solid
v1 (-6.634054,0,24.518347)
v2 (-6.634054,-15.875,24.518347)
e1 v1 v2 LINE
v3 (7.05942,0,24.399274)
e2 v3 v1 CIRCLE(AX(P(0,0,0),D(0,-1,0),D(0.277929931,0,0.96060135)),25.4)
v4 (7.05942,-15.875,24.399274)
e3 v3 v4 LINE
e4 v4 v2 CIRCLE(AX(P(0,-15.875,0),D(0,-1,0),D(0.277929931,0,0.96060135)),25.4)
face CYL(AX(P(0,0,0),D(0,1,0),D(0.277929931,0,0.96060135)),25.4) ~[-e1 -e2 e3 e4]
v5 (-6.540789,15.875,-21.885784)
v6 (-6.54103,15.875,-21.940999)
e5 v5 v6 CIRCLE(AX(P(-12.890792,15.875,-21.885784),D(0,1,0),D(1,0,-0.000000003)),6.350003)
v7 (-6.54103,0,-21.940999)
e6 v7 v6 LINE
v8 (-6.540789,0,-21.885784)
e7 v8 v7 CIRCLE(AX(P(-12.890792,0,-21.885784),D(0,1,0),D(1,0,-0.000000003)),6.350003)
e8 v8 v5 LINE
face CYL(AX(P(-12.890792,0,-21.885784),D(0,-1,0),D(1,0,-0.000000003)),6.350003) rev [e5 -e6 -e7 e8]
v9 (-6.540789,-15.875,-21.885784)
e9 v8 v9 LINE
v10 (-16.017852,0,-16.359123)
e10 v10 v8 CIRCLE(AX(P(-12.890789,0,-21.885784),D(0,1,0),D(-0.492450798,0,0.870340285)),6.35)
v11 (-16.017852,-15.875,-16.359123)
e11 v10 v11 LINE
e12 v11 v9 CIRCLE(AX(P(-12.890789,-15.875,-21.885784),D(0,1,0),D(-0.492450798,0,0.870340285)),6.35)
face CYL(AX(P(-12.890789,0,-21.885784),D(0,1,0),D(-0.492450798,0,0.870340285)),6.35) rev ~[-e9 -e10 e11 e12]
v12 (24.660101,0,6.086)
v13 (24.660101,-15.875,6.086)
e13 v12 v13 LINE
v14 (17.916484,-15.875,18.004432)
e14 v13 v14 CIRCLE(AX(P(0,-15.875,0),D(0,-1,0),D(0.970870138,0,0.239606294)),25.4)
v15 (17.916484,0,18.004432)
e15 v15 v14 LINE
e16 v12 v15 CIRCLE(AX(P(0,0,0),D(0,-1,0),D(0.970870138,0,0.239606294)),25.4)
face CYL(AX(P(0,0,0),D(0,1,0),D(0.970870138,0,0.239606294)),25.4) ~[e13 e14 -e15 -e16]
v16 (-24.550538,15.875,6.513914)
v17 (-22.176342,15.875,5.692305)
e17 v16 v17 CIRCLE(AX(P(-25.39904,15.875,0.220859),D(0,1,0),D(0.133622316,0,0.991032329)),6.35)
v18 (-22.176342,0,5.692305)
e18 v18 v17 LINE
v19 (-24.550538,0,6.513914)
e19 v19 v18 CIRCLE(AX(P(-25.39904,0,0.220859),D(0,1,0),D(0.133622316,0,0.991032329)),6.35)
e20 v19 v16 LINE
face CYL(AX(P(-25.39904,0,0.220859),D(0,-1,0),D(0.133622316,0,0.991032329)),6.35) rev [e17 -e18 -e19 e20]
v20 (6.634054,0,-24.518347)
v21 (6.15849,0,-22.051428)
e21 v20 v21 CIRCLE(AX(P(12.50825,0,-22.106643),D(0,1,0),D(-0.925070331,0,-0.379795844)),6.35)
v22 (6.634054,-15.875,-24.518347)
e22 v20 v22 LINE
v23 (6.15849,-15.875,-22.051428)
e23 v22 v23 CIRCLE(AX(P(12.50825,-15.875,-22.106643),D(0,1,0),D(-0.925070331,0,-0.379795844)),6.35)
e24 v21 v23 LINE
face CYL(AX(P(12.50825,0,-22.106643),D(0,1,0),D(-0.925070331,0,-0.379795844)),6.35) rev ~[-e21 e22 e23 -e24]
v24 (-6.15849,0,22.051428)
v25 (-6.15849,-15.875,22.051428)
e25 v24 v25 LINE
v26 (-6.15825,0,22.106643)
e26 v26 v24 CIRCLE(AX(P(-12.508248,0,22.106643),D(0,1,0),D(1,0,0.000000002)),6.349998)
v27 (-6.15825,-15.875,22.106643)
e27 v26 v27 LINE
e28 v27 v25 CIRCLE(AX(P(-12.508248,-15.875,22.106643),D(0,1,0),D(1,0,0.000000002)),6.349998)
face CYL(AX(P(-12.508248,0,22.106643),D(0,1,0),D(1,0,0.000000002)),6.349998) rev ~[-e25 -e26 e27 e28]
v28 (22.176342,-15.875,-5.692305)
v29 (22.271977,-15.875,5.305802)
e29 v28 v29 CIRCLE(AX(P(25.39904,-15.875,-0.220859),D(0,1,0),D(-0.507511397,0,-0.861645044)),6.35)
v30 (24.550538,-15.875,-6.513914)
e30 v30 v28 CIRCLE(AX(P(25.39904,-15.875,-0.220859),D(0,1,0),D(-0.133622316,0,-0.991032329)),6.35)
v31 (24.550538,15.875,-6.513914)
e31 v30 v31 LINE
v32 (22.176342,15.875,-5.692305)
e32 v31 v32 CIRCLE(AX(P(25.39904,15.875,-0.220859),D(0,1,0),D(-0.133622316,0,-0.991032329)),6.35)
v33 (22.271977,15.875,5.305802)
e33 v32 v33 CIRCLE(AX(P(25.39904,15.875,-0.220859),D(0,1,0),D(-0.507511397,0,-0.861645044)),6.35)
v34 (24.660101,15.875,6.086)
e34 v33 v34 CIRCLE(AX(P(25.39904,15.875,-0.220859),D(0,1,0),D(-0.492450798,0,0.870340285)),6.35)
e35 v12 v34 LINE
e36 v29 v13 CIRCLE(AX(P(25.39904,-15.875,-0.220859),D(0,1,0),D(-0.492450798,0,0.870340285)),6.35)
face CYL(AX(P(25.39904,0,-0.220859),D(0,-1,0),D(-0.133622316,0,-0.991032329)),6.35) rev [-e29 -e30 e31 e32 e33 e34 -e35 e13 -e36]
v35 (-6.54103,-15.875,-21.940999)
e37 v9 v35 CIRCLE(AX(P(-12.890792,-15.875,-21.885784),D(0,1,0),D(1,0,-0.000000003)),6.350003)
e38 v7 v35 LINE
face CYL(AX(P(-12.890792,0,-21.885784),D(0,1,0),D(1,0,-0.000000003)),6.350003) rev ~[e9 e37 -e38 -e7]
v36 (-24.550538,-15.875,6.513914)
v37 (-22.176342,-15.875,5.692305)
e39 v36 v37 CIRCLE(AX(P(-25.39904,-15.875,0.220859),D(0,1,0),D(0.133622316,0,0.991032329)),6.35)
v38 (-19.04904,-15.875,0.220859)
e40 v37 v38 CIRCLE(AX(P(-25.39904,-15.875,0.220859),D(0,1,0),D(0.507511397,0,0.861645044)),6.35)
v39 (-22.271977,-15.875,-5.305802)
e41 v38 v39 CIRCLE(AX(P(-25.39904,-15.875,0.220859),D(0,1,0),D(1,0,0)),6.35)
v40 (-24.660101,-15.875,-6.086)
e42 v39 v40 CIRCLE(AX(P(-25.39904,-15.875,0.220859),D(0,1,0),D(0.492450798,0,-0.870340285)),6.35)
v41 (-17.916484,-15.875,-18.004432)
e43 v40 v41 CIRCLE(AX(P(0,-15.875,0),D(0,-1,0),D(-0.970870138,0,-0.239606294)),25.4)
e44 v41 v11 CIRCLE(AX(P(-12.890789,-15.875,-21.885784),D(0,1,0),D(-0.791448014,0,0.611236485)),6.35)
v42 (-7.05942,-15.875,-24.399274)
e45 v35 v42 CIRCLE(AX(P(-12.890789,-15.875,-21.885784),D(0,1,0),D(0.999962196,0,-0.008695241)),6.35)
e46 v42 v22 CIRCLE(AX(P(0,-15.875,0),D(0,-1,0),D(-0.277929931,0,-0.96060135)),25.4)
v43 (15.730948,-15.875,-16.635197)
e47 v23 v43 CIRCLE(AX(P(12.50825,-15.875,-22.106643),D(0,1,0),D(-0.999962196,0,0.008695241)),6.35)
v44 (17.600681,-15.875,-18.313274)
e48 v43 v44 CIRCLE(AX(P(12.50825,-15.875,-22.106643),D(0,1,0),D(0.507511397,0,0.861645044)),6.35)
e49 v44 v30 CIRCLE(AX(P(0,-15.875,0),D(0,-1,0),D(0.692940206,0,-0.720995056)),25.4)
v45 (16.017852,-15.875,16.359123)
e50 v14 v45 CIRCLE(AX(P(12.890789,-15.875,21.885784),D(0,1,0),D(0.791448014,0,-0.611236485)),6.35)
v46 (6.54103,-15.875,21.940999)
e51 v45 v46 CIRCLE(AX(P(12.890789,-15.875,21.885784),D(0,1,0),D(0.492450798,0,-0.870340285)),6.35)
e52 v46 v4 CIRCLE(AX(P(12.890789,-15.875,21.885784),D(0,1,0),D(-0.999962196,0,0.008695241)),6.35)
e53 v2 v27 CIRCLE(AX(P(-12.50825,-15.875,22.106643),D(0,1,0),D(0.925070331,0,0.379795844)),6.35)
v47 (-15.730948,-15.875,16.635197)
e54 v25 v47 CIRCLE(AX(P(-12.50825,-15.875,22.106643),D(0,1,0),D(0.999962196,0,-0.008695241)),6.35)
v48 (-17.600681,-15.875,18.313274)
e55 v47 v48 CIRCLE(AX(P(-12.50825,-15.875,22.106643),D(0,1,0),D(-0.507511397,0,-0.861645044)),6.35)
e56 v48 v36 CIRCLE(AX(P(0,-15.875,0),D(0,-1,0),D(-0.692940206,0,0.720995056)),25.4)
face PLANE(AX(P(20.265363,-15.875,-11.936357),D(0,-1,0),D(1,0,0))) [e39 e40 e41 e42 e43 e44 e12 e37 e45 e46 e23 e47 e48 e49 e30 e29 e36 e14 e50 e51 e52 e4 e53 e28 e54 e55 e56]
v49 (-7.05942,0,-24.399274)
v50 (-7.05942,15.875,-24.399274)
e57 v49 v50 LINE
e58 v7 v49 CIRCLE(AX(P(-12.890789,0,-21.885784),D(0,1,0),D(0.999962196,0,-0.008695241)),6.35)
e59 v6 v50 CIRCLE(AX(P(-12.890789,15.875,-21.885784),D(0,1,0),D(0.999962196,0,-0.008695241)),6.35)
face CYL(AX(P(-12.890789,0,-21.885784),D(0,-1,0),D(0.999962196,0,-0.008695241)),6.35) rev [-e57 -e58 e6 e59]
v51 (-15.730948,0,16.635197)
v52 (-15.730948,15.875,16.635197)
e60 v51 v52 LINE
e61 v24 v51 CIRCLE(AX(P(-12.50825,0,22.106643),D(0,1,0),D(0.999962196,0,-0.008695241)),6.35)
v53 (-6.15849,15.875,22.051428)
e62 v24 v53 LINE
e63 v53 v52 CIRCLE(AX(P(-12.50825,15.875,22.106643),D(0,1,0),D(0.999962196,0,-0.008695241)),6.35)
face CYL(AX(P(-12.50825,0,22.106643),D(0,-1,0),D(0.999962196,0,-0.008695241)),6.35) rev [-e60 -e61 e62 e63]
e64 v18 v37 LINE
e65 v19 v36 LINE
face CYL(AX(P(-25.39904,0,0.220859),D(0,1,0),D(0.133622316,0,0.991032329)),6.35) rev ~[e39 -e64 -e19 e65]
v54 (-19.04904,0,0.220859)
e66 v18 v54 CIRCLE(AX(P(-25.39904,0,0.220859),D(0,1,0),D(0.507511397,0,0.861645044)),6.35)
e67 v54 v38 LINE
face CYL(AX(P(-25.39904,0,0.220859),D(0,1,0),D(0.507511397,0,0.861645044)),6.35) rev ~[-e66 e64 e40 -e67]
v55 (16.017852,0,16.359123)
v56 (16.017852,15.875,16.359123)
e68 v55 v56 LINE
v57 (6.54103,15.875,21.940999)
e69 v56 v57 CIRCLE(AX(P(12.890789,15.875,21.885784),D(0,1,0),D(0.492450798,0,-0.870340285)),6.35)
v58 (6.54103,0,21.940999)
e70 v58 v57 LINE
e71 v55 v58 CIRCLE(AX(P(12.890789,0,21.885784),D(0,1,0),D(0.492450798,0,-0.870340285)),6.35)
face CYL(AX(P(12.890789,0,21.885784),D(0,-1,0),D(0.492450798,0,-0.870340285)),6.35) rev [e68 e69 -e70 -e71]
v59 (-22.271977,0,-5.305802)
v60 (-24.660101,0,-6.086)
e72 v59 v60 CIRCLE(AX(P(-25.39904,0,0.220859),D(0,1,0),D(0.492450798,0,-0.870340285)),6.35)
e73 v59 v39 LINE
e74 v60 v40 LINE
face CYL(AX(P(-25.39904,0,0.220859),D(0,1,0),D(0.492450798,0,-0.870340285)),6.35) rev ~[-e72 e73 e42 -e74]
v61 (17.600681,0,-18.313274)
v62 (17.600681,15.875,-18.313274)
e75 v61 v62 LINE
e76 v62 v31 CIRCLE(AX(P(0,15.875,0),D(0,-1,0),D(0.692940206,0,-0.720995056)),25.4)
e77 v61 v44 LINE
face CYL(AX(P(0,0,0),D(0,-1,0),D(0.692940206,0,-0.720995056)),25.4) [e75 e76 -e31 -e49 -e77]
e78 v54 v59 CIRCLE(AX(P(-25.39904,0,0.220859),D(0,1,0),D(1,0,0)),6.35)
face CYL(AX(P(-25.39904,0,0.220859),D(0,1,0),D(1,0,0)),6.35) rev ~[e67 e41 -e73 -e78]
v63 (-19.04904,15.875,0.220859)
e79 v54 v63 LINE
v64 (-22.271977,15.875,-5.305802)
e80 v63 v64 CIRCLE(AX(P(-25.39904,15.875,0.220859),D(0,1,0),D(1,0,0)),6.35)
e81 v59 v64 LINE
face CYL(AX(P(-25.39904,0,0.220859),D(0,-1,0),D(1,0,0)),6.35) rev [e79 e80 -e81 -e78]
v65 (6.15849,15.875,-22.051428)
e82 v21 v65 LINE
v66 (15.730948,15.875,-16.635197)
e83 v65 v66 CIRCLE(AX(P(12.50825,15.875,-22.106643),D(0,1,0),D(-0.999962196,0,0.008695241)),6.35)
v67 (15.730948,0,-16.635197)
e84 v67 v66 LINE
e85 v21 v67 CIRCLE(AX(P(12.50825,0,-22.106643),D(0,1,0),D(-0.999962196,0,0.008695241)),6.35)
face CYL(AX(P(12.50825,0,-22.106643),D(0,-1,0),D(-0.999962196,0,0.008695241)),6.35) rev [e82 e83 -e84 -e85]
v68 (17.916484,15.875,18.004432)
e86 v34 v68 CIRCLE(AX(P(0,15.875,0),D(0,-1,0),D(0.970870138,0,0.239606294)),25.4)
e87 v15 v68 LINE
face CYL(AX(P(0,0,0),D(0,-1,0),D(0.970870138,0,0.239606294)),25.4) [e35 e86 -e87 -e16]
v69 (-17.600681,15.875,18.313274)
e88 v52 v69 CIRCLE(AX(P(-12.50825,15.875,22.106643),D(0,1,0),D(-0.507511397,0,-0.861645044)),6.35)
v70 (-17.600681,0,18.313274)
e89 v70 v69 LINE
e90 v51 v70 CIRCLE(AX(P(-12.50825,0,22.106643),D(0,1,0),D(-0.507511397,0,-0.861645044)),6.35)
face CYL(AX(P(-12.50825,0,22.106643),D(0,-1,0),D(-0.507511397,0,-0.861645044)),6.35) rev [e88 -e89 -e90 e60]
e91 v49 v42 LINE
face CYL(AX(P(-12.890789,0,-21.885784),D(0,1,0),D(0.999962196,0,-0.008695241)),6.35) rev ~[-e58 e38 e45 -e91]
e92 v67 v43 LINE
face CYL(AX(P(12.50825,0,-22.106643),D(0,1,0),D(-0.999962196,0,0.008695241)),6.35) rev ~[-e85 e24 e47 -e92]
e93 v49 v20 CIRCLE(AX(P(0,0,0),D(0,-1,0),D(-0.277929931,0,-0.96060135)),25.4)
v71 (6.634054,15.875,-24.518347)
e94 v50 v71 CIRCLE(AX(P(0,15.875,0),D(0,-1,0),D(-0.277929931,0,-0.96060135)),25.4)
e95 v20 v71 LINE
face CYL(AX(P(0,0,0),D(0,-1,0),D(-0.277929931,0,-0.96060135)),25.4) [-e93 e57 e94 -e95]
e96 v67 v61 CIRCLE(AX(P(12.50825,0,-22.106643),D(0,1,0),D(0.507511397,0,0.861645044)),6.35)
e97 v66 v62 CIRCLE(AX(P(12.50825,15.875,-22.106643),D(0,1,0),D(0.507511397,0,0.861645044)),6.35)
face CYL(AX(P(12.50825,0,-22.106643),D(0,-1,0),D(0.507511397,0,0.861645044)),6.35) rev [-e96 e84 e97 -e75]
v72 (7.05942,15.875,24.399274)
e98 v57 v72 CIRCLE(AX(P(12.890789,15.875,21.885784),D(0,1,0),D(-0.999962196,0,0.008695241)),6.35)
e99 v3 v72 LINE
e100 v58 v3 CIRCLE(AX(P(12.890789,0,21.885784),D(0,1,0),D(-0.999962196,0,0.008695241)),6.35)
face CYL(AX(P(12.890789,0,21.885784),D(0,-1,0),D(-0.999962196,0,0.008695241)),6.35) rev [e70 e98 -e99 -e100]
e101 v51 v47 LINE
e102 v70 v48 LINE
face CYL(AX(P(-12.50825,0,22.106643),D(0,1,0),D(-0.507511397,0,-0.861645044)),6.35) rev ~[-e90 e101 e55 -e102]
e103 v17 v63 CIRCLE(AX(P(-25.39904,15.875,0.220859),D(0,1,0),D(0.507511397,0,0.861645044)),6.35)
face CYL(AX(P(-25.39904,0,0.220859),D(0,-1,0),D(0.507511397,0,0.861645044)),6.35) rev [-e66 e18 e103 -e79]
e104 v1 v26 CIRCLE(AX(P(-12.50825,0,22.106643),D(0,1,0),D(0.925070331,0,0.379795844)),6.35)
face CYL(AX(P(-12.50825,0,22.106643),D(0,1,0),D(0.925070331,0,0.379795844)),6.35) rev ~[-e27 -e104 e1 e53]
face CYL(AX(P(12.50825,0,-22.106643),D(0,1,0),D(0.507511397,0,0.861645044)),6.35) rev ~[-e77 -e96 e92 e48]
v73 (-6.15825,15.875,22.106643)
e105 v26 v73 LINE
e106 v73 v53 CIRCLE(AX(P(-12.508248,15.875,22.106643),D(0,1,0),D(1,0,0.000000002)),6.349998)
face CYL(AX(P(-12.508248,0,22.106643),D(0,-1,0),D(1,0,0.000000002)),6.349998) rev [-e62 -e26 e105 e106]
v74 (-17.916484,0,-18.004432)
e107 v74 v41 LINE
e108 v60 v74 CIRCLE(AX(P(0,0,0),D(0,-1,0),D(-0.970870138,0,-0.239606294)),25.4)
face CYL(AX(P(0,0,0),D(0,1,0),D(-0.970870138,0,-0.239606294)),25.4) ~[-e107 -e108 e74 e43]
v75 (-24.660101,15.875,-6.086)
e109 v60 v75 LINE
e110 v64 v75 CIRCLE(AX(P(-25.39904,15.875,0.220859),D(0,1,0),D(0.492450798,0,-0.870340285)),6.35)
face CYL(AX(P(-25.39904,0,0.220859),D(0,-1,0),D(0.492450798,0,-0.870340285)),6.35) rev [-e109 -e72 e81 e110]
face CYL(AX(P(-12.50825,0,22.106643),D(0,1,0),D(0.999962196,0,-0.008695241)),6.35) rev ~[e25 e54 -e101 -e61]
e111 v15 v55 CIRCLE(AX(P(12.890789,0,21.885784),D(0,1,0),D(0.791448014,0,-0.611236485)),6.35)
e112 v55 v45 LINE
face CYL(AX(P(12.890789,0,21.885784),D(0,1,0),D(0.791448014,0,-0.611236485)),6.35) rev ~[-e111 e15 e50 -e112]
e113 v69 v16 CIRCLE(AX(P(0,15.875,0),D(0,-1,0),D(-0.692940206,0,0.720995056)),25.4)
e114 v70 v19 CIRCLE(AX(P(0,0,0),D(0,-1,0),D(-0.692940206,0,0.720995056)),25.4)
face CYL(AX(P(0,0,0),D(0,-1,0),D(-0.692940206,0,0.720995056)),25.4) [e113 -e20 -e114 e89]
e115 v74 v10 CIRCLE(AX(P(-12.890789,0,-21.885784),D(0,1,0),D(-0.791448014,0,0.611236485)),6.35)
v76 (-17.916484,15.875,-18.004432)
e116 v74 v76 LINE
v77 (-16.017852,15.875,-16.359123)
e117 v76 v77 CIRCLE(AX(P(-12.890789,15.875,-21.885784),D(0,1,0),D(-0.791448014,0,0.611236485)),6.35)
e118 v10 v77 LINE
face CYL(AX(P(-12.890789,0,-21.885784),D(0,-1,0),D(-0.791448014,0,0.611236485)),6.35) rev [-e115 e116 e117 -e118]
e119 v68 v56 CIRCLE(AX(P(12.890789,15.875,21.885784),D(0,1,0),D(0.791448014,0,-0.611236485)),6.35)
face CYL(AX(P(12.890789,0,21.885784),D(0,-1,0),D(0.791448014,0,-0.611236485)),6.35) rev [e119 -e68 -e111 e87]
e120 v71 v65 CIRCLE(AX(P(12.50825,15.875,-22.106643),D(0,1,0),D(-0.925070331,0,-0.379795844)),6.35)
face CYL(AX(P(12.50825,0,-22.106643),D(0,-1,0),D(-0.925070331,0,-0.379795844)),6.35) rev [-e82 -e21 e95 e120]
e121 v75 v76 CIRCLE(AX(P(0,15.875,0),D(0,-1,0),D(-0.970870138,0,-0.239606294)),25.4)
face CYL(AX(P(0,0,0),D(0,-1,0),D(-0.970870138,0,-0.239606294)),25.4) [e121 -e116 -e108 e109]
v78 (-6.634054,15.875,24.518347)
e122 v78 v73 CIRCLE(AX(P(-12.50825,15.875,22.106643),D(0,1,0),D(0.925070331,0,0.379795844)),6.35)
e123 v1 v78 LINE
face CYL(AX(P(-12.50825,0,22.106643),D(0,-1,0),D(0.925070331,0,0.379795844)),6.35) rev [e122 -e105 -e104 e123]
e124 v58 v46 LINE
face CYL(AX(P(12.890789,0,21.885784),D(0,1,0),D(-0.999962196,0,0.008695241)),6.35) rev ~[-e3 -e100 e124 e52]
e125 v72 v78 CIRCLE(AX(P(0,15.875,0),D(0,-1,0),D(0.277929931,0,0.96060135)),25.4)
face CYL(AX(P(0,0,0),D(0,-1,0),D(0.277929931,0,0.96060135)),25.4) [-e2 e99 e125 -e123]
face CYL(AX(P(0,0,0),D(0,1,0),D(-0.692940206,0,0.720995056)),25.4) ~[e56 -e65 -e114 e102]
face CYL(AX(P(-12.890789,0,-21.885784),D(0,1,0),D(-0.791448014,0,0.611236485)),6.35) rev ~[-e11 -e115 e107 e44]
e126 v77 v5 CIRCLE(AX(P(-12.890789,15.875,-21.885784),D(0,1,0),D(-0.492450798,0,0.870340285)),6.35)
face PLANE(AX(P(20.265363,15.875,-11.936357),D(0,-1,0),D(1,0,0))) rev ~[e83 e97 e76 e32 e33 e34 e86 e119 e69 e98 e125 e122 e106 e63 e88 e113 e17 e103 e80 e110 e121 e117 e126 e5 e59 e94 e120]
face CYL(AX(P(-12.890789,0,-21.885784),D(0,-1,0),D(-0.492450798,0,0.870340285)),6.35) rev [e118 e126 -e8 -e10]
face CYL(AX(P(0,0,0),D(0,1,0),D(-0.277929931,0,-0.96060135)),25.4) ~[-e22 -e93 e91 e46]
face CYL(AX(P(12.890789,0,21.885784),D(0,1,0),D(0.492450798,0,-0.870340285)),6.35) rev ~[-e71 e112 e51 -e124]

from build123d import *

# Parameters (mm, degrees)
F1_DEPTH = 15.875


with BuildPart() as f1:
    # F0 (on Front) → F1 (new body, symmetric)
    with BuildSketch(Plane.XZ):
        with BuildLine():
            ThreePointArc((24.5505380609, -6.5139144085), (23.3224016368, -6.2216985677), (22.1763423965, -5.6923051493))
            Line((22.1763423965, -5.6923051493), (15.7309476491, -16.6351972053))
            ThreePointArc((15.7309476491, -16.6351972053), (16.7496327839, -17.3808444208), (17.6006812342, -18.313274423))
            ThreePointArc((17.6006812342, -18.313274423), (21.8857841121, -12.8907894947), (24.5505380609, -6.5139144085))
        make_face()
        with BuildLine():
            ThreePointArc((6.6340536746, -24.5183468416), (6.273051804, -23.3086415786), (6.1584903329, -22.051428453))
            Line((6.1584903329, -22.051428453), (-6.5410295522, -21.9409988924))
            ThreePointArc((-6.5410295522, -21.9409988924), (-6.6774364157, -23.1960297053), (-7.0594202598, -24.3992742842))
            ThreePointArc((-7.0594202598, -24.3992742842), (-0.2208591212, -25.3990397702), (6.6340536746, -24.5183468416))
        make_face()
        with BuildLine():
            ThreePointArc((-24.6601014939, -6.0859998612), (-22.1066432333, -12.5082502755), (-17.9164843863, -18.004432433))
            ThreePointArc((-17.9164843863, -18.004432433), (-17.0493498328, -17.0869430109), (-16.0178520636, -16.3591233038))
            Line((-16.0178520636, -16.3591233038), (-22.2719772013, -5.3058016871))
            ThreePointArc((-22.2719772013, -5.3058016871), (-23.4270691996, -5.8151852846), (-24.6601014939, -6.0859998612))
        make_face()
        with BuildLine():
            Line((-22.1763423965, 5.6923051493), (-15.7309476491, 16.6351972053))
            ThreePointArc((-15.7309476491, 16.6351972053), (-16.7496327839, 17.3808444208), (-17.6006812342, 18.313274423))
            ThreePointArc((-17.6006812342, 18.313274423), (-21.8857841121, 12.8907894947), (-24.5505380609, 6.5139144085))
            ThreePointArc((-24.5505380609, 6.5139144085), (-23.3224016368, 6.2216985677), (-22.1763423965, 5.6923051493))
        make_face()
        with BuildLine():
            Line((-6.1584903329, 22.051428453), (6.5410295522, 21.9409988924))
            ThreePointArc((6.5410295522, 21.9409988924), (6.6774364157, 23.1960297053), (7.0594202598, 24.3992742842))
            ThreePointArc((7.0594202598, 24.3992742842), (0.2208591212, 25.3990397702), (-6.6340536746, 24.5183468416))
            ThreePointArc((-6.6340536746, 24.5183468416), (-6.2783366157, 23.3357387512), (-6.1582502755, 22.1066432333))
            ThreePointArc((-6.1582502755, 22.1066432333), (-6.1583102901, 22.0790355823), (-6.1584903329, 22.051428453))
        make_face()
        with BuildLine():
            Line((16.0178520636, 16.3591233038), (22.2719772013, 5.3058016871))
            ThreePointArc((22.2719772013, 5.3058016871), (23.4270691996, 5.8151852846), (24.6601014939, 6.0859998612))
            ThreePointArc((24.6601014939, 6.0859998612), (22.1066432333, 12.5082502755), (17.9164843863, 18.004432433))
            ThreePointArc((17.9164843863, 18.004432433), (17.0493498328, 17.0869430109), (16.0178520636, 16.3591233038))
        make_face()
        with BuildLine():
            Line((15.7309476491, -16.6351972053), (22.1763423965, -5.6923051493))
            ThreePointArc((22.1763423965, -5.6923051493), (19.0492798277, -0.1656443409), (22.2719772013, 5.3058016871))
            Line((22.2719772013, 5.3058016871), (16.0178520636, 16.3591233038))
            ThreePointArc((16.0178520636, 16.3591233038), (9.6680921211, 16.4143380841), (6.5410295522, 21.9409988924))
            Line((6.5410295522, 21.9409988924), (-6.1584903329, 22.051428453))
            ThreePointArc((-6.1584903329, 22.051428453), (-9.3811877066, 16.579982425), (-15.7309476491, 16.6351972053))
            Line((-15.7309476491, 16.6351972053), (-22.1763423965, 5.6923051493))
            ThreePointArc((-22.1763423965, 5.6923051493), (-19.8860266048, 3.3719201867), (-19.0490397702, 0.2208591212))
            ThreePointArc((-19.0490397702, 0.2208591212), (-19.9136342559, -2.9780197986), (-22.2719772013, -5.3058016871))
            Line((-22.2719772013, -5.3058016871), (-16.0178520636, -16.3591233038))
            ThreePointArc((-16.0178520636, -16.3591233038), (-9.6919105749, -16.4003785978), (-6.5407894947, -21.8857841121))
            ThreePointArc((-6.5407894947, -21.8857841121), (-6.5408495094, -21.9133917632), (-6.5410295522, -21.9409988924))
            Line((-6.5410295522, -21.9409988924), (6.1584903329, -22.051428453))
            ThreePointArc((6.1584903329, -22.051428453), (9.3811877066, -16.579982425), (15.7309476491, -16.6351972053))
        make_face()
    extrude(amount=F1_DEPTH, both=True)


solid = f1.part
